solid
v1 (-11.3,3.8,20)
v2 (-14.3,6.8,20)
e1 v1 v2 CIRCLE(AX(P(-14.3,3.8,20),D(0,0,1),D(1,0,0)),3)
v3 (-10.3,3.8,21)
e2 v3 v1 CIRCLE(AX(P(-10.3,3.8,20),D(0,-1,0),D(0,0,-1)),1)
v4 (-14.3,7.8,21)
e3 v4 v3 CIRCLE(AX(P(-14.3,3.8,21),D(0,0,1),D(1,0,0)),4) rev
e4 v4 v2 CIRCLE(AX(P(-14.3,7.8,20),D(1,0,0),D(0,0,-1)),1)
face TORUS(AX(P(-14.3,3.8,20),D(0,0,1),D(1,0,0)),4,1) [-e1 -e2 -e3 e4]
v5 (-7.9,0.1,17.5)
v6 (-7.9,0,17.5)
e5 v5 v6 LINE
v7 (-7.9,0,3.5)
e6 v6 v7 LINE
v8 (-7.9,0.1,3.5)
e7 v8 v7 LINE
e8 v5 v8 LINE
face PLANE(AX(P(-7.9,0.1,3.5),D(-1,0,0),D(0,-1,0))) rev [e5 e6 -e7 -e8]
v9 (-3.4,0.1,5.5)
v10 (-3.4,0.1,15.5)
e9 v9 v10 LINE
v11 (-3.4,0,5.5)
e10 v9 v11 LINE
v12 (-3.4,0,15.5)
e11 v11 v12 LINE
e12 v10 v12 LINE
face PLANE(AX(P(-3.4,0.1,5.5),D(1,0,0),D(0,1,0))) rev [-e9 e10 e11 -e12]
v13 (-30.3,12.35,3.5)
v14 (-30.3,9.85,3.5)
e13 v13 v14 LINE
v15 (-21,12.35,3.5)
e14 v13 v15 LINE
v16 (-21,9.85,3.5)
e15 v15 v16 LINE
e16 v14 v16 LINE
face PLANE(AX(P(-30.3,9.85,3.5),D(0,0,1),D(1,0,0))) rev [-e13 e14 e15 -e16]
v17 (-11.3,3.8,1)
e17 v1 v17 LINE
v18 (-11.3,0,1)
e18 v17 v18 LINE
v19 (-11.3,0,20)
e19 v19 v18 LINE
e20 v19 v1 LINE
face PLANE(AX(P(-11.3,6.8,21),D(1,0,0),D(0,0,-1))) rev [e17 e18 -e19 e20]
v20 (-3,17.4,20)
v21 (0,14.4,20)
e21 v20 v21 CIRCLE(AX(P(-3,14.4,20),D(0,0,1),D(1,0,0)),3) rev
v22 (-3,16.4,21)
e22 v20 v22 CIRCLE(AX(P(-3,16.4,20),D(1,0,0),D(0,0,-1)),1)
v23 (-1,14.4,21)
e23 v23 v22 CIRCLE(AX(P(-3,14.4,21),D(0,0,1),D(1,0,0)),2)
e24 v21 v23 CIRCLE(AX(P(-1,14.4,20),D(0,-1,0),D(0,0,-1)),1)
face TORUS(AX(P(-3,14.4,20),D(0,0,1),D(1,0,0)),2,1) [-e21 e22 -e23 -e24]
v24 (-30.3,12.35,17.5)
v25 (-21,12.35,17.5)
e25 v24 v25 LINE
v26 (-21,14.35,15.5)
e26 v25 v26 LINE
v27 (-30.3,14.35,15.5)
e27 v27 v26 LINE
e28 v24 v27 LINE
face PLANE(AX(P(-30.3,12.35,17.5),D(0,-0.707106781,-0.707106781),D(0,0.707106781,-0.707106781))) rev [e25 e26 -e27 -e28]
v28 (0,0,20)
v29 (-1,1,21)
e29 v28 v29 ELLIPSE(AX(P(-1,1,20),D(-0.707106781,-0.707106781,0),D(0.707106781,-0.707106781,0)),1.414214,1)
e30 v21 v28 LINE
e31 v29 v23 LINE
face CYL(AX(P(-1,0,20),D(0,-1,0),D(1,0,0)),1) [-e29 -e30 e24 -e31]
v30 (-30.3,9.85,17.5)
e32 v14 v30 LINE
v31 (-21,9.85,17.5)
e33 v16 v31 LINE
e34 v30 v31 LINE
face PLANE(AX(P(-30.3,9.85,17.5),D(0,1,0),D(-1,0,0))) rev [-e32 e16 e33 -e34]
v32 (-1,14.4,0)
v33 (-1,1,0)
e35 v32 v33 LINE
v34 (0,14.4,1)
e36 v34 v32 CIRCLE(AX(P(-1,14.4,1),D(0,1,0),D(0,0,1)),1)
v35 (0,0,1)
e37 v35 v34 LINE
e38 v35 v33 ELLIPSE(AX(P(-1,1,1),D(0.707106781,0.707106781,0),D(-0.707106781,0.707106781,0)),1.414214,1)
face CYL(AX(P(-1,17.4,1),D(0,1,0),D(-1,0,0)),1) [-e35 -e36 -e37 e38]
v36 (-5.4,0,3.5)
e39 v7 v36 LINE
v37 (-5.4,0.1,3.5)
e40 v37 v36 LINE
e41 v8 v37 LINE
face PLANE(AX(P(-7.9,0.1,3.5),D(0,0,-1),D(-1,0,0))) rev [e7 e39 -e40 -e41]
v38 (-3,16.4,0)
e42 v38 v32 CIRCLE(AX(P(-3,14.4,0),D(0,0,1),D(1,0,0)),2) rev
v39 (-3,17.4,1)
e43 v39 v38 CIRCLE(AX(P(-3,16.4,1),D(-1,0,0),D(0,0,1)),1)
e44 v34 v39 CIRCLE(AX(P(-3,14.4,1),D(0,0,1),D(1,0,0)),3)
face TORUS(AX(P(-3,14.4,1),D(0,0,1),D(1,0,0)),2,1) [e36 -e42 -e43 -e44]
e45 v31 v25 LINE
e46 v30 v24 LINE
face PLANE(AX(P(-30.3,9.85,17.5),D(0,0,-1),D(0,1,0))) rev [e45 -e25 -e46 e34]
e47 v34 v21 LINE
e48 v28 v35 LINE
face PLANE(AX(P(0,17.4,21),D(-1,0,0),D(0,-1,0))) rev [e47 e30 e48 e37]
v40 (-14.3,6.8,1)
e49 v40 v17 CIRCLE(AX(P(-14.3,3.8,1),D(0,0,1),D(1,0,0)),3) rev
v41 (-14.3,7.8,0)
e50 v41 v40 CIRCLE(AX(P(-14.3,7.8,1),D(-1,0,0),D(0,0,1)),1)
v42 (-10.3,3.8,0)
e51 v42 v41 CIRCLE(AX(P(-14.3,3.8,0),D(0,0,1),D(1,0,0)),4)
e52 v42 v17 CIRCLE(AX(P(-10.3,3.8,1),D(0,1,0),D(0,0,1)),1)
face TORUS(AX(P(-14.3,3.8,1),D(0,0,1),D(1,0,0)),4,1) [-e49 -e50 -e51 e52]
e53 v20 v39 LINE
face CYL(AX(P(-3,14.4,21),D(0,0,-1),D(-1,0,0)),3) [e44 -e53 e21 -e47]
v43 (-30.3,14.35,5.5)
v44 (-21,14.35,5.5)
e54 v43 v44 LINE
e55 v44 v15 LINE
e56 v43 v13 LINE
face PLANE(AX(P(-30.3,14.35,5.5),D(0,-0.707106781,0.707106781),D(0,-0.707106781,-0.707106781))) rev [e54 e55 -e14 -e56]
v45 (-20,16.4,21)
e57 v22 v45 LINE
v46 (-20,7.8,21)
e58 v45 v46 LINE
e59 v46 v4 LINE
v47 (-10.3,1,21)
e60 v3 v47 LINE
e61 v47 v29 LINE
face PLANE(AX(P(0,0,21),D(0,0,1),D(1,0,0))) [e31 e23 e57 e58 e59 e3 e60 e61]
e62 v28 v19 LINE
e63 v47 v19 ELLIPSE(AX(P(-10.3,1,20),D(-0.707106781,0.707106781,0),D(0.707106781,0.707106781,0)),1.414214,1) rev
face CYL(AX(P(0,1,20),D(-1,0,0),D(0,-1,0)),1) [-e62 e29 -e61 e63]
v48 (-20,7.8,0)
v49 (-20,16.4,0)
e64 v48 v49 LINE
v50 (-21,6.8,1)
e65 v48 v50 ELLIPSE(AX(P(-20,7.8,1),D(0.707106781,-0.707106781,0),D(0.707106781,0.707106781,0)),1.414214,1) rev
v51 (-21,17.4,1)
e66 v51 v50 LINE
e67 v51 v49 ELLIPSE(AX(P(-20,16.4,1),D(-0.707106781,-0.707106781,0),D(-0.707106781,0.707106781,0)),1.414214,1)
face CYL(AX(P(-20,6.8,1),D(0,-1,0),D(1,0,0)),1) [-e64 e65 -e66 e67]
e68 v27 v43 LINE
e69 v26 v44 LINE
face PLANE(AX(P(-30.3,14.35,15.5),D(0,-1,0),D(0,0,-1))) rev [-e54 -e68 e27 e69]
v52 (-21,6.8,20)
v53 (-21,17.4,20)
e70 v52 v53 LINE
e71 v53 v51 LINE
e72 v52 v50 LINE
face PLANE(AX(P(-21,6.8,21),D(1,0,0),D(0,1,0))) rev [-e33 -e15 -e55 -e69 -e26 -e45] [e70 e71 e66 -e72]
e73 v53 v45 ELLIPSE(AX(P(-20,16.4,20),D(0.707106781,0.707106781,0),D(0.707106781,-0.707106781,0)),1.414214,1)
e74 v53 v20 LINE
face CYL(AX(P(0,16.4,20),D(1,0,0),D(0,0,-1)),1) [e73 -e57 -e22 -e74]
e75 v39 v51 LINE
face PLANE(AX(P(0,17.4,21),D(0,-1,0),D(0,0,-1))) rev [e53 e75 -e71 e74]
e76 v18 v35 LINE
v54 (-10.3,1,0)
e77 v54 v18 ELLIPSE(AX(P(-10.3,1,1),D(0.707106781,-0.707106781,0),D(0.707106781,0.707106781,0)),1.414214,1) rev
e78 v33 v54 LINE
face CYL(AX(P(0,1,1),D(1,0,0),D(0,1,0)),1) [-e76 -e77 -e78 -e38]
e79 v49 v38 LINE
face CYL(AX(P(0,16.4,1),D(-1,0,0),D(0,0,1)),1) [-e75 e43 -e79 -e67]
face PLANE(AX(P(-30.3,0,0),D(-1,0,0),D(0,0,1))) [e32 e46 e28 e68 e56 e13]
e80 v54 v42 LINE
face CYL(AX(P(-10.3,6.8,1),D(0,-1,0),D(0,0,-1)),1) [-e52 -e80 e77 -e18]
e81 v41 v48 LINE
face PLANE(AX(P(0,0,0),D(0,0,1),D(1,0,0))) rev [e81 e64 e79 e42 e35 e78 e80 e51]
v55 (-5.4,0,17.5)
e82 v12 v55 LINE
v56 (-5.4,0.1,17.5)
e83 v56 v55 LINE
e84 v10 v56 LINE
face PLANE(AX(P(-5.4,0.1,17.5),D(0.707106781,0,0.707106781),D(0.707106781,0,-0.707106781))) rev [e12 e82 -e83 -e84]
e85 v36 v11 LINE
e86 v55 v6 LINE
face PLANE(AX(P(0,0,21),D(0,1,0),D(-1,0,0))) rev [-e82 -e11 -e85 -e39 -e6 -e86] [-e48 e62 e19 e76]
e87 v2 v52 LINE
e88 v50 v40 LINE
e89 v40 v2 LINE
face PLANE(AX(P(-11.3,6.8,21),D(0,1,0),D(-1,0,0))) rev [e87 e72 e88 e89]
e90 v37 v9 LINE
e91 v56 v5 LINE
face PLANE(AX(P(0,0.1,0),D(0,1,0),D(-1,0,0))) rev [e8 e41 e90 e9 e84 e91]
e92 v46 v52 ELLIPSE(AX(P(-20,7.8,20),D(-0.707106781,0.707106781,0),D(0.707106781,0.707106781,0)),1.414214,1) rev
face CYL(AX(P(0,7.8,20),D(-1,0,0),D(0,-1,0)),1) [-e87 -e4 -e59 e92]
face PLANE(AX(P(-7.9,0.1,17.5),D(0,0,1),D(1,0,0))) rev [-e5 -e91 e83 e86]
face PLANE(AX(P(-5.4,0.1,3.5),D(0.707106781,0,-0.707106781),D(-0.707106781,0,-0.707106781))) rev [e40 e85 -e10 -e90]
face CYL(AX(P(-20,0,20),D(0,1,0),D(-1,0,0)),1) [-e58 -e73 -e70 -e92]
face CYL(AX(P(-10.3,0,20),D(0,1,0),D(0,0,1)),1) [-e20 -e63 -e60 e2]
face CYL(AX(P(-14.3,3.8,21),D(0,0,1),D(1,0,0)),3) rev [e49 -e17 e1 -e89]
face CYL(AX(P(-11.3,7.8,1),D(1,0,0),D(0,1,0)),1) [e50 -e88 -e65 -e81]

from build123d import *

# Parameters (mm, degrees)
EXTRUDE_1_DEPTH     = 21
EXTRUDE_2_DEPTH     = 9.3
CUT_EXTRUDE_1_DEPTH = 0.1
FILLET_1_R          = 3
FILLET_2_R          = 1


with BuildPart() as part:
    # 草图1 → 凸台-拉伸1 (new body)
    with BuildSketch(Plane.XY):
        Polygon((0, 17.4), (0, 0), (-11.3, 0), (-11.3, 6.8), (-21, 6.8), (-21, 17.4), align=None)
    extrude(amount=EXTRUDE_1_DEPTH)

    # 草图2 → 凸台-拉伸2 (add)
    with BuildSketch(Plane.ZY.offset(21)):
        Polygon((5.5, 14.35), (3.5, 12.35), (3.5, 9.85), (17.5, 9.85), (17.5, 12.35), (15.5, 14.35), align=None)
    extrude(amount=EXTRUDE_2_DEPTH)

    # 草图3 → 切除-拉伸1 (cut)
    with BuildSketch(Plane.XZ):
        Polygon((-7.9, 3.5), (-5.4, 3.5), (-3.4, 5.5), (-3.4, 15.5), (-5.4, 17.5), (-7.9, 17.5), align=None)
    extrude(amount=-CUT_EXTRUDE_1_DEPTH, mode=Mode.SUBTRACT)

    # 圆角1
    fillet_1_edges = [part.edges().sort_by_distance(p)[0] for p in [
        (0, 17.4, 10.5),
        (-11.3, 6.8, 10.5),
    ]]
    fillet(fillet_1_edges, radius=FILLET_1_R)

    # 圆角2
    fillet_2_edges = [part.edges().sort_by_distance(p)[0] for p in [
        (-5.65, 0, 21),
        (0, 7.2, 21),
        (-21, 12.1, 21),
        (-11.3, 1.9, 0),
        (-11.3, 1.9, 21),
        (-12, 17.4, 0),
        (-12, 17.4, 21),
        (-0.878679656, 16.521320344, 0),
        (-0.878679656, 16.521320344, 21),
        (-12.178679656, 5.921320344, 0),
        (-12.178679656, 5.921320344, 21),
        (0, 7.2, 0),
        (-5.65, 0, 0),
        (-17.65, 6.8, 21),
        (-17.65, 6.8, 0),
        (-21, 12.1, 0),
    ]]
    fillet(fillet_2_edges, radius=FILLET_2_R)


solid = part.part
